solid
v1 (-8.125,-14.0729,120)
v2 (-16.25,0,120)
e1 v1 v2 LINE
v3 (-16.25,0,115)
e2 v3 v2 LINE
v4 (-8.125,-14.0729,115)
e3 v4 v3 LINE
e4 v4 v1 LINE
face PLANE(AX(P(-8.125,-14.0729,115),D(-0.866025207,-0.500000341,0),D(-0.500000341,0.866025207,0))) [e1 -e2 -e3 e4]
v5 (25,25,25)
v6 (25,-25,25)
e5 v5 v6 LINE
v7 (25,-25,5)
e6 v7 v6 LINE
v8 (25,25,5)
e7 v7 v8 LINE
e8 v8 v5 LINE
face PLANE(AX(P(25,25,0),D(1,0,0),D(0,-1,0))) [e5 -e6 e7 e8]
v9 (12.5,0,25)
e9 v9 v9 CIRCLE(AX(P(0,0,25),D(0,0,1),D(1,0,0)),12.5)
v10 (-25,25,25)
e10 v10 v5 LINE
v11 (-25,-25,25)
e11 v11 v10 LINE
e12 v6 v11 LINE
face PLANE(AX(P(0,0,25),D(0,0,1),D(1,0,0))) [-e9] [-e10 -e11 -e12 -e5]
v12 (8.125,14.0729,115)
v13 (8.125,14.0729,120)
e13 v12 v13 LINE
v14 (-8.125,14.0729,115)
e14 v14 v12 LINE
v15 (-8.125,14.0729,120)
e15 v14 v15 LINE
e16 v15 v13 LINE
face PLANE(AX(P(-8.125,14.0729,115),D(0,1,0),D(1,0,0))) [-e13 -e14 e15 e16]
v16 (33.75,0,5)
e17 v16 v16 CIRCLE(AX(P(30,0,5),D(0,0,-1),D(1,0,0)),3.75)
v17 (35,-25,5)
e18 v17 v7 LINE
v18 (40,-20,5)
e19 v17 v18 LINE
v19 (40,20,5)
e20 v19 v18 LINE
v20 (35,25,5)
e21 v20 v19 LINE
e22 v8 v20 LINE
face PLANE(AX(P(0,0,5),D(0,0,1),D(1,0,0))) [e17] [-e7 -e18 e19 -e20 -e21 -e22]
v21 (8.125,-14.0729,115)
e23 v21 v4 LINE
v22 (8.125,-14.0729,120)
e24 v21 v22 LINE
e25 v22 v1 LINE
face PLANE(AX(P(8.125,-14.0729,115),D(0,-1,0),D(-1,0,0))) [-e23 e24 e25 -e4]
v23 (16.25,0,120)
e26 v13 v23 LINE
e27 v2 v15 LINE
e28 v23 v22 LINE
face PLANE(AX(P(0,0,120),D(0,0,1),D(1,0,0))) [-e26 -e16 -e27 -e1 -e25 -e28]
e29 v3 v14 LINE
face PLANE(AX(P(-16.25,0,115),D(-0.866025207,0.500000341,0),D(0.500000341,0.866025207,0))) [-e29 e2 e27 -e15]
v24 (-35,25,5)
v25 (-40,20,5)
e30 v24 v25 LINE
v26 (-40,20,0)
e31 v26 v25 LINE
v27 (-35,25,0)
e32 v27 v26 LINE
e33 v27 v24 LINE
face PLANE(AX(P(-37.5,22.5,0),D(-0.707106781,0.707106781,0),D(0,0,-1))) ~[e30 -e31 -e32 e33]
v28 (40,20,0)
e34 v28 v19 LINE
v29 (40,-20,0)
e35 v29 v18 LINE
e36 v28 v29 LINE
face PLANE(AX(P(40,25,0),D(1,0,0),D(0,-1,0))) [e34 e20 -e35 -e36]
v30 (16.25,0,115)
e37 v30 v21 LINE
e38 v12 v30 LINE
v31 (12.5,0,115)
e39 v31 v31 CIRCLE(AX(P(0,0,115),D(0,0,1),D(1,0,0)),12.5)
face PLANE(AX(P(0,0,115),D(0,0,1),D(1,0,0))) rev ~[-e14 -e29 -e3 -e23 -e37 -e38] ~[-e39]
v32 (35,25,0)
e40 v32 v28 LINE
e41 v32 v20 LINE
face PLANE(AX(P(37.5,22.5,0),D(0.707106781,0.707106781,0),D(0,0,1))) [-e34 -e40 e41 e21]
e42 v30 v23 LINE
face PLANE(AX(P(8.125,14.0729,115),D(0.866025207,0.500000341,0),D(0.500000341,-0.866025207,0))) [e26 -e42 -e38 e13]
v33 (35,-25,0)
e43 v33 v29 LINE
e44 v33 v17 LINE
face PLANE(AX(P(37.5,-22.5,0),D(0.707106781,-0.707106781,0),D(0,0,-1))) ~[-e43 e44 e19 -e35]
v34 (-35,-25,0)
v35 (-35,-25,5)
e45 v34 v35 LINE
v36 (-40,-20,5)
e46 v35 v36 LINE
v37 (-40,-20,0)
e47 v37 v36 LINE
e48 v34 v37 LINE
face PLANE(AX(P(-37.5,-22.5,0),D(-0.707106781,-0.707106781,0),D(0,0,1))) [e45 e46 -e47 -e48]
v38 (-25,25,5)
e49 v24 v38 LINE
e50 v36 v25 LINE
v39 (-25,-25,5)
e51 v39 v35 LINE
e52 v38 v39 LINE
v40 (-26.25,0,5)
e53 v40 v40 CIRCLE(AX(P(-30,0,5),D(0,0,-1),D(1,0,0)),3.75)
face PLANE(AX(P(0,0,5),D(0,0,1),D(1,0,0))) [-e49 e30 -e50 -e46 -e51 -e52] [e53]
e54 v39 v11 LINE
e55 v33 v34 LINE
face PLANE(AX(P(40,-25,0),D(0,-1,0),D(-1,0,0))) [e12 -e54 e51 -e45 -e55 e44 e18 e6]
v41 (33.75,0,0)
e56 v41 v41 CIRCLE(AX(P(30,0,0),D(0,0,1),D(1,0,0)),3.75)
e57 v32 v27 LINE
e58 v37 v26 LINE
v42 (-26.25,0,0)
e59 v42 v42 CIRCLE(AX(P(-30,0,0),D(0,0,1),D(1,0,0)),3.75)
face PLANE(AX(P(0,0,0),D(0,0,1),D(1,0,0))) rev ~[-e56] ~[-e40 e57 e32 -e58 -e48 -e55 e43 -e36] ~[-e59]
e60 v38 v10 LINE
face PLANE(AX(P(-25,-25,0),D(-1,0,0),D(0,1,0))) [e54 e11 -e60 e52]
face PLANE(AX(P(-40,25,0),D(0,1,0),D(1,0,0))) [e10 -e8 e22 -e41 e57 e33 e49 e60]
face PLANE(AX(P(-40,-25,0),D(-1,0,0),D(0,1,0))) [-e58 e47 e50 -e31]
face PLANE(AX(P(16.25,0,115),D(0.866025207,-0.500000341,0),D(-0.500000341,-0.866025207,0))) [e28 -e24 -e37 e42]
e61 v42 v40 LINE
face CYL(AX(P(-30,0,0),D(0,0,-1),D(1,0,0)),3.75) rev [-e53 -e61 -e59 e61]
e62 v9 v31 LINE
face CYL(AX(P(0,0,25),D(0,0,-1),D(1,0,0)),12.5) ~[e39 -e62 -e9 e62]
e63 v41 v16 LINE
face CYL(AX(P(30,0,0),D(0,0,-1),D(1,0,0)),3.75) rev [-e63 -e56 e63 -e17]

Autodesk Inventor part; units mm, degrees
ref_plane "YZ Plane" through (0, 0, 0) normal (1, 0, 0) x (0, 1, 0)
ref_plane "XZ Plane" through (0, 0, 0) normal (0, 1, 0) x (-1, 0, 0)
ref_plane "XY Plane" through (0, 0, 0) normal (0, 0, 1) x (1, 0, 0)
sketch "Sketch1" plane through (0, 0, 0) normal (0, 0, 1) x (1, 0, 0)
  line L0 (-40, 25) -> (40, 25)
  line L1 (40, 25) -> (40, -25)
  line L2 (40, -25) -> (-40, -25)
  line L3 (-40, -25) -> (-40, 25)
  line L4 (-40, 25) -> (40, -25) construction
  line L5 (40, 25) -> (-40, -25) construction
  point P0 (0, 0)
  dimension "d0" = 80
  dimension "d1" = 50
extrude "Extrusion1" add sketch "Sketch1" along normal blind 5
sketch "Sketch2" plane through (0, 0, 0) normal (0, 0, 1) x (1, 0, 0)
  line L0 (0, 0) -> (-30, 0) construction
  line L1 (0, 0) -> (30, 0) construction
  circle A0 centre (-30, 0) radius 3.75
  circle A1 centre (30, 0) radius 3.75
  dimension "d4" = 30
  dimension "d5" = 30
  dimension "d6" = 7.5
  dimension "d7" = 7.5
extrude "Extrusion2" cut sketch "Sketch2" along normal through all
sketch "Sketch3" plane through (0, 0, 0) normal (0, 0, 1) x (1, 0, 0)
  line L0 (-25, 25) -> (25, 25)
  line L1 (25, 25) -> (25, -25)
  line L2 (25, -25) -> (-25, -25)
  line L3 (-25, -25) -> (-25, 25)
  line L4 (-25, 25) -> (25, -25) construction
  line L5 (25, 25) -> (-25, -25) construction
  point P0 (0, 0)
  dimension "d10" = 50
  dimension "d11" = 50
extrude "Extrusion3" add sketch "Sketch3" along normal blind 25
sketch "Sketch4" plane through (0, 0, 25) normal (0, 0, 1) x (1, 0, 0)
  circle A0 centre (0, 0) radius 12.5
  dimension "d14" = 25
extrude "Extrusion4" add sketch "Sketch4" along normal blind 90
sketch "Sketch5" plane through (0, 0, 115) normal (0, 0, 1) x (1, 0, 0)
  circle A0 centre (0, 0) radius 16.25 construction
  line L0 (16.25, 0) -> (8.125, -14.0729)
  line L1 (8.125, -14.0729) -> (-8.125, -14.0729)
  line L2 (-8.125, -14.0729) -> (-16.25, 0)
  line L3 (-16.25, 0) -> (-8.125, 14.0729)
  line L4 (-8.125, 14.0729) -> (8.125, 14.0729)
  line L5 (8.125, 14.0729) -> (16.25, 0)
  dimension "d17" = 32.5
extrude "Extrusion5" add sketch "Sketch5" along normal blind 5
chamfer "Chamfer1" distance 5 angle 45 4 edges at (40, -25, 2.5) (40, 25, 2.5) (-40, -25, 2.5) (-40, 25, 2.5)
properties part number "UpperArm"
